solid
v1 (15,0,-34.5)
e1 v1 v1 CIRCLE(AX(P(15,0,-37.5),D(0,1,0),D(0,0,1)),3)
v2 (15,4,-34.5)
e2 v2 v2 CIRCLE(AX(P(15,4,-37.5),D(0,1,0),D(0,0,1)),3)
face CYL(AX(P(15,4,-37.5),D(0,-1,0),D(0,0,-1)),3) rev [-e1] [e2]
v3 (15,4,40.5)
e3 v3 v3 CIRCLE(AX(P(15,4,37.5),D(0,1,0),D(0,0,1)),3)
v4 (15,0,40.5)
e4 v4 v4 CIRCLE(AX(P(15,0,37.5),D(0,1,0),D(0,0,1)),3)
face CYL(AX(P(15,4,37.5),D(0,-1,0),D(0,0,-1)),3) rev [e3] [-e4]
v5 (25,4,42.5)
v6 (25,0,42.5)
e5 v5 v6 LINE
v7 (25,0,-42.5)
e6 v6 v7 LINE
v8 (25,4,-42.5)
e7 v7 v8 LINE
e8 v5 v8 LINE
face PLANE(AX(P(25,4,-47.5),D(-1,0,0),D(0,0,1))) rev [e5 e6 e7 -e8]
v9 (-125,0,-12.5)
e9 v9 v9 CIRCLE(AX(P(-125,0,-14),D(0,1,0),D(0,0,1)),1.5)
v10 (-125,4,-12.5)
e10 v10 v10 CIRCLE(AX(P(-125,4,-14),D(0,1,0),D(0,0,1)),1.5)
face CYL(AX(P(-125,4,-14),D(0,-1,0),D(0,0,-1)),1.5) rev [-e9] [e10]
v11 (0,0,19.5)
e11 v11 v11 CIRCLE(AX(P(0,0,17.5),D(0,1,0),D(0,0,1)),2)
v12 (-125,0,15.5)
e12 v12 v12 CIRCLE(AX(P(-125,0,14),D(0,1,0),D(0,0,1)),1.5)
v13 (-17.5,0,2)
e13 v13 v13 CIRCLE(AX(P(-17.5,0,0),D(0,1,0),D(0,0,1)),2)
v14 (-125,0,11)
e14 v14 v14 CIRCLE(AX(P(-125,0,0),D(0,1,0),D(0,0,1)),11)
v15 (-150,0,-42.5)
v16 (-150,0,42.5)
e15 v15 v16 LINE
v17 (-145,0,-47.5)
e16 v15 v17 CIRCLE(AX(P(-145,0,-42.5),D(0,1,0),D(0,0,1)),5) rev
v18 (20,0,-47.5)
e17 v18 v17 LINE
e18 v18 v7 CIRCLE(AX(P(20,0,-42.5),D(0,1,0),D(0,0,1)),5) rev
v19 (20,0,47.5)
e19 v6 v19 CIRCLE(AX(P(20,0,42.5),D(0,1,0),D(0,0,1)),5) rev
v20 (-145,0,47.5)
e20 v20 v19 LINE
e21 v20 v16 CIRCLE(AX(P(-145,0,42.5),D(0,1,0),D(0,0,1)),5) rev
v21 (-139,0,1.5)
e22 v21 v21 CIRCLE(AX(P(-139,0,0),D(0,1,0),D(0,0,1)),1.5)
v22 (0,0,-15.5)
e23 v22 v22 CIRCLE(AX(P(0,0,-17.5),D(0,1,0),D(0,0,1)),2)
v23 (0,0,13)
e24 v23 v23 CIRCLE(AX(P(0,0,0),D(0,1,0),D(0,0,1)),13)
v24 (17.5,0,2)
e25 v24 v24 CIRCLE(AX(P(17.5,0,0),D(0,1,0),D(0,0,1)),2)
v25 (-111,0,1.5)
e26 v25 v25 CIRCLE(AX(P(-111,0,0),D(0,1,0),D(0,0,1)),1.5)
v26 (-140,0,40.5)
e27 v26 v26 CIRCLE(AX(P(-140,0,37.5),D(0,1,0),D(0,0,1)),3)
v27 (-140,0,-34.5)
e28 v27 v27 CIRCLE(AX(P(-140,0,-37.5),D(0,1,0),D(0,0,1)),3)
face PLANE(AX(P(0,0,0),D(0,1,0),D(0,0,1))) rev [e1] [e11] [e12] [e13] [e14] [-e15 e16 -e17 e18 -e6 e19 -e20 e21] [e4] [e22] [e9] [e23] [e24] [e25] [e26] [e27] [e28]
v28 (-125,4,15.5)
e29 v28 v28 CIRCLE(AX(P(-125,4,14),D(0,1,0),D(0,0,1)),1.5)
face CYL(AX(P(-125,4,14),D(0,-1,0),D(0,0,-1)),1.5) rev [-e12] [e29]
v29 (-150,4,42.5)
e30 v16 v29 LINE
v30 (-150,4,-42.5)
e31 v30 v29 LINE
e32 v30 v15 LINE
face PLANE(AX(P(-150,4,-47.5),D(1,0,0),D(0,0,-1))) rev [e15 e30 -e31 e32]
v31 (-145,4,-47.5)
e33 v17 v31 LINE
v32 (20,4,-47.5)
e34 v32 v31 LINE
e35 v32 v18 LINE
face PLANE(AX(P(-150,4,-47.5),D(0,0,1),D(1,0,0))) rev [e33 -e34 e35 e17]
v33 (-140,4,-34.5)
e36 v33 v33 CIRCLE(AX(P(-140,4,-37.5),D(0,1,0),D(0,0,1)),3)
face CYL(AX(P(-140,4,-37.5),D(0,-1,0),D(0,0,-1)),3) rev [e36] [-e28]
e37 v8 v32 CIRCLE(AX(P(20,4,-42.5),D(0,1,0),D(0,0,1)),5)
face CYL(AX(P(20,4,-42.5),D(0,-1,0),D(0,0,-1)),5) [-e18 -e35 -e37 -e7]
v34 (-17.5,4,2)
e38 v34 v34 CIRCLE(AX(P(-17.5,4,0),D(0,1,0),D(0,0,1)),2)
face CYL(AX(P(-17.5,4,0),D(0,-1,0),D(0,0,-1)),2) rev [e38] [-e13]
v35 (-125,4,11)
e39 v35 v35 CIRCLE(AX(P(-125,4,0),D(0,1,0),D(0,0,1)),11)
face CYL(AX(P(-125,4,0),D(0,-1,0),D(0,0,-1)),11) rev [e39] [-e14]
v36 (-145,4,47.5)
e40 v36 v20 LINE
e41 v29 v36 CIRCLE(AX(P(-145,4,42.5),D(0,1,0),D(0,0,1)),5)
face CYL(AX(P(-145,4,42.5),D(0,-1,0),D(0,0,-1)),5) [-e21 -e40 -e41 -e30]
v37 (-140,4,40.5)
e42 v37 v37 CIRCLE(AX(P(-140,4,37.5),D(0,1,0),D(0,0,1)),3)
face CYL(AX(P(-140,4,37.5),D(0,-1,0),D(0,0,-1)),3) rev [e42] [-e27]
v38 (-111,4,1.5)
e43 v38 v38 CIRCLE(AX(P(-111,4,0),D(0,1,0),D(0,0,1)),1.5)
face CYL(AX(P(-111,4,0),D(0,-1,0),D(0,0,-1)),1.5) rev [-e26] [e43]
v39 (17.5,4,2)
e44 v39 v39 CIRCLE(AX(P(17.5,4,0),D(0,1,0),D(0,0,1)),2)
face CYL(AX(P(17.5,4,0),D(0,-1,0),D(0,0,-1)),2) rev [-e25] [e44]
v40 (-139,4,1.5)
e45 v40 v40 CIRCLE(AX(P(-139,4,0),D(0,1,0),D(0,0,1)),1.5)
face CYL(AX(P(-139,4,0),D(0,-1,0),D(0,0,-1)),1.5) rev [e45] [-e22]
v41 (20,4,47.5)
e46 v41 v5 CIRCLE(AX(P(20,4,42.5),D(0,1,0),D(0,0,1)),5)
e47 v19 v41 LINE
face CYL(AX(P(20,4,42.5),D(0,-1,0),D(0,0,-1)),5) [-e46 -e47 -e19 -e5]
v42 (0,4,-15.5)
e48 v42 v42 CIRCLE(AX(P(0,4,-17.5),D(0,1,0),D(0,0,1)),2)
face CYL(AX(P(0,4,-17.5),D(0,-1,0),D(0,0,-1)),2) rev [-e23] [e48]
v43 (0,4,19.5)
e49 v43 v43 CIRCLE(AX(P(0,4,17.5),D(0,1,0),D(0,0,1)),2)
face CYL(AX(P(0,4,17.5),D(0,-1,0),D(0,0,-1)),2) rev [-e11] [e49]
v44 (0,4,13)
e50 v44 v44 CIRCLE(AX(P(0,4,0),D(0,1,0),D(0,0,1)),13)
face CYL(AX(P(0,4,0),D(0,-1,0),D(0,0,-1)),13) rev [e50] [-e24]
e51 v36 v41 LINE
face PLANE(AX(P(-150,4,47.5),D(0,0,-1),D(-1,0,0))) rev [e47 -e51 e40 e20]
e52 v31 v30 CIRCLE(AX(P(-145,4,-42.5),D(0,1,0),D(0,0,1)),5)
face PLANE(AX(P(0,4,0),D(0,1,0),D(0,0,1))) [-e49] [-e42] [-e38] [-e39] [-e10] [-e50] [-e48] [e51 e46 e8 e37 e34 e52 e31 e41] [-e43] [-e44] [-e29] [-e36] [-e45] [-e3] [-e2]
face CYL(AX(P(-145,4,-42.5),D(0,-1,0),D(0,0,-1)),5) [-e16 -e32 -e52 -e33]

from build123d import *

# Parameters (mm, degrees)
SKETCH_1_W      = 175
SKETCH_1_H      = 95
SKETCH_1_R      = 13
SKETCH_1_R_2    = 11
SKETCH_1_R_3    = 2
SKETCH_1_R_4    = 3
SKETCH_1_R_5    = 1.5
EXTRUDE_1_DEPTH = 4
FILLET_1_R      = 5


with BuildPart() as part:
    # 草图1 → 凸台-拉伸1 (new body)
    with BuildSketch(Plane(origin=(0, 0, 0), x_dir=(1, 0, 0), z_dir=(0, 1, 0))):
        with Locations((-62.5, 0)):
            Rectangle(SKETCH_1_W, SKETCH_1_H)
        with Locations(Location((0, 0, 0), (0, 0, 270))):
            Circle(SKETCH_1_R, mode=Mode.SUBTRACT)
        with Locations(Location((-125, 0, 0), (0, 0, 270))):
            Circle(SKETCH_1_R_2, mode=Mode.SUBTRACT)
        with Locations(Location((0, 17.5, 0), (0, 0, 270))):
            Circle(SKETCH_1_R_3, mode=Mode.SUBTRACT)
        with Locations(Location((17.5, 0, 0), (0, 0, 270))):
            Circle(SKETCH_1_R_3, mode=Mode.SUBTRACT)
        with Locations(Location((0, -17.5, 0), (0, 0, 270))):
            Circle(SKETCH_1_R_3, mode=Mode.SUBTRACT)
        with Locations(Location((-17.5, 0, 0), (0, 0, 270))):
            Circle(SKETCH_1_R_3, mode=Mode.SUBTRACT)
        with Locations(Location((-140, 37.5, 0), (0, 0, 270))):
            Circle(SKETCH_1_R_4, mode=Mode.SUBTRACT)
        with Locations(Location((-140, -37.5, 0), (0, 0, 270))):
            Circle(SKETCH_1_R_4, mode=Mode.SUBTRACT)
        with Locations(Location((15, 37.5, 0), (0, 0, 270))):
            Circle(SKETCH_1_R_4, mode=Mode.SUBTRACT)
        with Locations(Location((15, -37.5, 0), (0, 0, 270))):
            Circle(SKETCH_1_R_4, mode=Mode.SUBTRACT)
        with Locations(Location((-125, 14, 0), (0, 0, 270))):
            Circle(SKETCH_1_R_5, mode=Mode.SUBTRACT)
        with Locations(Location((-111, 0, 0), (0, 0, 270))):
            Circle(SKETCH_1_R_5, mode=Mode.SUBTRACT)
        with Locations(Location((-125, -14, 0), (0, 0, 270))):
            Circle(SKETCH_1_R_5, mode=Mode.SUBTRACT)
        with Locations(Location((-139, 0, 0), (0, 0, 270))):
            Circle(SKETCH_1_R_5, mode=Mode.SUBTRACT)
    extrude(amount=EXTRUDE_1_DEPTH)

    # 圆角1
    fillet_1_edges = [part.edges().sort_by_distance(p)[0] for p in [
        (-150, 2, -47.5),
        (25, 2, -47.5),
        (25, 2, 47.5),
        (-150, 2, 47.5),
    ]]
    fillet(fillet_1_edges, radius=FILLET_1_R)


solid = part.part
